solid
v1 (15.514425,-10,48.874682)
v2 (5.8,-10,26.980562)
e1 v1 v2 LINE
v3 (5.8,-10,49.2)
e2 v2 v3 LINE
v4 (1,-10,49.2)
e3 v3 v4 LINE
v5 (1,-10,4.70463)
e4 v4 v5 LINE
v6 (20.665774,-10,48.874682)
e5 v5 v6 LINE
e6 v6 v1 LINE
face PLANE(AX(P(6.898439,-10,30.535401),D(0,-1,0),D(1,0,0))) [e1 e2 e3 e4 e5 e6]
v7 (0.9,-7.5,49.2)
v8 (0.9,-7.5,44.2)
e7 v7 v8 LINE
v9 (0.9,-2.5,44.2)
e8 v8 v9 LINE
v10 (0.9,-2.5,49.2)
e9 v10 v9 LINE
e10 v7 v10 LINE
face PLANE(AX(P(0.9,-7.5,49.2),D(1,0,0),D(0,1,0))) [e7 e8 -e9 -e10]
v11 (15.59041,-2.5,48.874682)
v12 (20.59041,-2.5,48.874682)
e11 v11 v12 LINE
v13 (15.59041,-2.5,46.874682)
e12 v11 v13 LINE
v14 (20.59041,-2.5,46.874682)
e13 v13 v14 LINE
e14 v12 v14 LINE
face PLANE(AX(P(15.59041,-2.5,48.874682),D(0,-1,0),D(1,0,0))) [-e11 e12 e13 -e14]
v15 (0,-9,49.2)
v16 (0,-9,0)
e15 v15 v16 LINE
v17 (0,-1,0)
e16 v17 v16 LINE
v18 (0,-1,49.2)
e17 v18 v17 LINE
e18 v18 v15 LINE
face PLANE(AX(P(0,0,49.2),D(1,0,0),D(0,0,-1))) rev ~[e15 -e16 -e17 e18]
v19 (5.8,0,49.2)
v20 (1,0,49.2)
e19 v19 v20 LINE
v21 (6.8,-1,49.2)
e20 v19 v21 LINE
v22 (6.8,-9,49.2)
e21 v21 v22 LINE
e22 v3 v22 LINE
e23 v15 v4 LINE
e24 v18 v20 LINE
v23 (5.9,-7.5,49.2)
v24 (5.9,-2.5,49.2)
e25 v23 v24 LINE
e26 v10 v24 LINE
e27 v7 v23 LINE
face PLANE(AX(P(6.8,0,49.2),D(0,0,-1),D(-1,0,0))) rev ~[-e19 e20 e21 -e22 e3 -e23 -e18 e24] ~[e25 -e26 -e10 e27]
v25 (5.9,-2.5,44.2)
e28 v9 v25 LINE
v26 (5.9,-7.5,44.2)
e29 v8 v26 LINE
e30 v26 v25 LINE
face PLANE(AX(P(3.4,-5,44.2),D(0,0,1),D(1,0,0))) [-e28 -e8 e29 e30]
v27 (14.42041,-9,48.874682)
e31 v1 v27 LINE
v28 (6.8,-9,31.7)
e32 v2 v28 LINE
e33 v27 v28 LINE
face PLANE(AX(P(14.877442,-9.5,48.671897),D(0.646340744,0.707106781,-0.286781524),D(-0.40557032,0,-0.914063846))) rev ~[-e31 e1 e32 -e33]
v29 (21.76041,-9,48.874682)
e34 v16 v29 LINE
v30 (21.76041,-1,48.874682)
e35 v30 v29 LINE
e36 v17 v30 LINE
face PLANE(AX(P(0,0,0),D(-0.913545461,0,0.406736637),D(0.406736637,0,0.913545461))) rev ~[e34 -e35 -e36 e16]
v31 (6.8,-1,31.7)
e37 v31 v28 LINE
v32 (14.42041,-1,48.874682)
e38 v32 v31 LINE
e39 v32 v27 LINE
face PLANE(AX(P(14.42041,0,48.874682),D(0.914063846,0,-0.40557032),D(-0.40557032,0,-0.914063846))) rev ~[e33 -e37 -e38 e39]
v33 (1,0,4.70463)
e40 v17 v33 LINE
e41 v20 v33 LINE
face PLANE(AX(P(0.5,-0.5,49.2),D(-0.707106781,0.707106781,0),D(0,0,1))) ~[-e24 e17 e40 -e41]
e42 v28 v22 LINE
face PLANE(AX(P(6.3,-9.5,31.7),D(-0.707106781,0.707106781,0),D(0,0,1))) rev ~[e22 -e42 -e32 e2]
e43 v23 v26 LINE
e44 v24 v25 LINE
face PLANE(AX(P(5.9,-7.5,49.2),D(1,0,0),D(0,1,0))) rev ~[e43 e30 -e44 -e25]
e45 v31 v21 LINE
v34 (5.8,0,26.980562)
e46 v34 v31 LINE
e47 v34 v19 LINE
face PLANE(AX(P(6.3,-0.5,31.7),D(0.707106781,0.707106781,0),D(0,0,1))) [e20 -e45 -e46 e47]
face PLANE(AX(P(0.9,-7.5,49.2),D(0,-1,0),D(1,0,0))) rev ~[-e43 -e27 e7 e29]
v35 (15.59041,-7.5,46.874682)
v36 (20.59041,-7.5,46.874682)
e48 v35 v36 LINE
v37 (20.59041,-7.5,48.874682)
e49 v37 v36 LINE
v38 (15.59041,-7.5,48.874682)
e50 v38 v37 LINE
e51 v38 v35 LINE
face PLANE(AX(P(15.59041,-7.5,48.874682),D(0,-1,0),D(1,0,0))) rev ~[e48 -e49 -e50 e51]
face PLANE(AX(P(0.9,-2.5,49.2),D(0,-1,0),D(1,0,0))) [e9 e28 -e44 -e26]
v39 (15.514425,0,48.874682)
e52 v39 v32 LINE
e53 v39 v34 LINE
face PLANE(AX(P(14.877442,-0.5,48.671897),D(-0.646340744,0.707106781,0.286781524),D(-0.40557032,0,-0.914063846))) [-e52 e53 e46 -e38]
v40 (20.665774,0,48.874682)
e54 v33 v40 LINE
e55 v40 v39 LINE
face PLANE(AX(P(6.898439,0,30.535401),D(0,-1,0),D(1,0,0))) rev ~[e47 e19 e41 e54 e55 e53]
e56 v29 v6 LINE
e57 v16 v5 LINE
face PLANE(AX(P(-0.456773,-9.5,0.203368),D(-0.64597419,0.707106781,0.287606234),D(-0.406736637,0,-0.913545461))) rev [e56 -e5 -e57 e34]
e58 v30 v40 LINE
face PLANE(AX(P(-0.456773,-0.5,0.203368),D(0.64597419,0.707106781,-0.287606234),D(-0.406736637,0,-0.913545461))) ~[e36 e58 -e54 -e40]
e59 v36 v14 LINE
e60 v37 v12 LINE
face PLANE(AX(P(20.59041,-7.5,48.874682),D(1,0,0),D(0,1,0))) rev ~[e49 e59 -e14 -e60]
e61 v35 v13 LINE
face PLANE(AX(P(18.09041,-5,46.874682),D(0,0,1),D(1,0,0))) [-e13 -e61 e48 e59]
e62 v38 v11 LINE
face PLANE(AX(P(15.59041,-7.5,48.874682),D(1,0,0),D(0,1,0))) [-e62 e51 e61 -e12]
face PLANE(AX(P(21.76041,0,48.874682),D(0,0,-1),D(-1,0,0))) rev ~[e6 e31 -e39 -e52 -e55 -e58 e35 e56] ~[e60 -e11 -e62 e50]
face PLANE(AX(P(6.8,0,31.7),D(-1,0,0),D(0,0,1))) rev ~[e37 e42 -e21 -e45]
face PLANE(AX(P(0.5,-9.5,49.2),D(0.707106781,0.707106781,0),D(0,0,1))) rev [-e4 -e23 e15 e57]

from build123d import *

# Parameters (mm, degrees)
F1_DEPTH = 10
F2_W     = 5
F2_H     = 5
F3_DEPTH = 5
F4_W     = 5
F4_H     = 5
F5_DEPTH = 2
F6_SIZE  = 1


with BuildPart() as f1:
    # F0 (on Front) → F1 (new body)
    with BuildSketch(Plane.XZ):
        Polygon((0, 49.2), (0, 0), (21.76041, 48.874682), (14.42041, 48.874682), (6.8, 31.7), (6.8, 49.2), align=None)
    extrude(amount=F1_DEPTH)

    # F2 (on face) → F3 (cut)
    with BuildSketch(Plane.XY.offset(49.2)):
        with Locations((3.4, -5)):
            Rectangle(F2_W, F2_H)
    extrude(amount=-F3_DEPTH, mode=Mode.SUBTRACT)

    # F4 (on face) → F5 (cut)
    with BuildSketch(Plane.XY.offset(48.874682)):
        with Locations((18.09041, -5)):
            Rectangle(F4_W, F4_H)
    extrude(amount=-F5_DEPTH, mode=Mode.SUBTRACT)

    # F6
    f6_edges = [f1.edges().sort_by_distance(p)[0] for p in [
        (6.8, -10, 40.45),
        (0, -10, 24.6),
        (10.610205, -10, 40.287341),
        (6.8, 0, 40.45),
        (10.880205, 0, 24.437341),
        (10.610205, 0, 40.287341),
        (10.880205, -10, 24.437341),
        (0, 0, 24.6),
    ]]
    chamfer(f6_edges, length=F6_SIZE)


solid = f1.part
